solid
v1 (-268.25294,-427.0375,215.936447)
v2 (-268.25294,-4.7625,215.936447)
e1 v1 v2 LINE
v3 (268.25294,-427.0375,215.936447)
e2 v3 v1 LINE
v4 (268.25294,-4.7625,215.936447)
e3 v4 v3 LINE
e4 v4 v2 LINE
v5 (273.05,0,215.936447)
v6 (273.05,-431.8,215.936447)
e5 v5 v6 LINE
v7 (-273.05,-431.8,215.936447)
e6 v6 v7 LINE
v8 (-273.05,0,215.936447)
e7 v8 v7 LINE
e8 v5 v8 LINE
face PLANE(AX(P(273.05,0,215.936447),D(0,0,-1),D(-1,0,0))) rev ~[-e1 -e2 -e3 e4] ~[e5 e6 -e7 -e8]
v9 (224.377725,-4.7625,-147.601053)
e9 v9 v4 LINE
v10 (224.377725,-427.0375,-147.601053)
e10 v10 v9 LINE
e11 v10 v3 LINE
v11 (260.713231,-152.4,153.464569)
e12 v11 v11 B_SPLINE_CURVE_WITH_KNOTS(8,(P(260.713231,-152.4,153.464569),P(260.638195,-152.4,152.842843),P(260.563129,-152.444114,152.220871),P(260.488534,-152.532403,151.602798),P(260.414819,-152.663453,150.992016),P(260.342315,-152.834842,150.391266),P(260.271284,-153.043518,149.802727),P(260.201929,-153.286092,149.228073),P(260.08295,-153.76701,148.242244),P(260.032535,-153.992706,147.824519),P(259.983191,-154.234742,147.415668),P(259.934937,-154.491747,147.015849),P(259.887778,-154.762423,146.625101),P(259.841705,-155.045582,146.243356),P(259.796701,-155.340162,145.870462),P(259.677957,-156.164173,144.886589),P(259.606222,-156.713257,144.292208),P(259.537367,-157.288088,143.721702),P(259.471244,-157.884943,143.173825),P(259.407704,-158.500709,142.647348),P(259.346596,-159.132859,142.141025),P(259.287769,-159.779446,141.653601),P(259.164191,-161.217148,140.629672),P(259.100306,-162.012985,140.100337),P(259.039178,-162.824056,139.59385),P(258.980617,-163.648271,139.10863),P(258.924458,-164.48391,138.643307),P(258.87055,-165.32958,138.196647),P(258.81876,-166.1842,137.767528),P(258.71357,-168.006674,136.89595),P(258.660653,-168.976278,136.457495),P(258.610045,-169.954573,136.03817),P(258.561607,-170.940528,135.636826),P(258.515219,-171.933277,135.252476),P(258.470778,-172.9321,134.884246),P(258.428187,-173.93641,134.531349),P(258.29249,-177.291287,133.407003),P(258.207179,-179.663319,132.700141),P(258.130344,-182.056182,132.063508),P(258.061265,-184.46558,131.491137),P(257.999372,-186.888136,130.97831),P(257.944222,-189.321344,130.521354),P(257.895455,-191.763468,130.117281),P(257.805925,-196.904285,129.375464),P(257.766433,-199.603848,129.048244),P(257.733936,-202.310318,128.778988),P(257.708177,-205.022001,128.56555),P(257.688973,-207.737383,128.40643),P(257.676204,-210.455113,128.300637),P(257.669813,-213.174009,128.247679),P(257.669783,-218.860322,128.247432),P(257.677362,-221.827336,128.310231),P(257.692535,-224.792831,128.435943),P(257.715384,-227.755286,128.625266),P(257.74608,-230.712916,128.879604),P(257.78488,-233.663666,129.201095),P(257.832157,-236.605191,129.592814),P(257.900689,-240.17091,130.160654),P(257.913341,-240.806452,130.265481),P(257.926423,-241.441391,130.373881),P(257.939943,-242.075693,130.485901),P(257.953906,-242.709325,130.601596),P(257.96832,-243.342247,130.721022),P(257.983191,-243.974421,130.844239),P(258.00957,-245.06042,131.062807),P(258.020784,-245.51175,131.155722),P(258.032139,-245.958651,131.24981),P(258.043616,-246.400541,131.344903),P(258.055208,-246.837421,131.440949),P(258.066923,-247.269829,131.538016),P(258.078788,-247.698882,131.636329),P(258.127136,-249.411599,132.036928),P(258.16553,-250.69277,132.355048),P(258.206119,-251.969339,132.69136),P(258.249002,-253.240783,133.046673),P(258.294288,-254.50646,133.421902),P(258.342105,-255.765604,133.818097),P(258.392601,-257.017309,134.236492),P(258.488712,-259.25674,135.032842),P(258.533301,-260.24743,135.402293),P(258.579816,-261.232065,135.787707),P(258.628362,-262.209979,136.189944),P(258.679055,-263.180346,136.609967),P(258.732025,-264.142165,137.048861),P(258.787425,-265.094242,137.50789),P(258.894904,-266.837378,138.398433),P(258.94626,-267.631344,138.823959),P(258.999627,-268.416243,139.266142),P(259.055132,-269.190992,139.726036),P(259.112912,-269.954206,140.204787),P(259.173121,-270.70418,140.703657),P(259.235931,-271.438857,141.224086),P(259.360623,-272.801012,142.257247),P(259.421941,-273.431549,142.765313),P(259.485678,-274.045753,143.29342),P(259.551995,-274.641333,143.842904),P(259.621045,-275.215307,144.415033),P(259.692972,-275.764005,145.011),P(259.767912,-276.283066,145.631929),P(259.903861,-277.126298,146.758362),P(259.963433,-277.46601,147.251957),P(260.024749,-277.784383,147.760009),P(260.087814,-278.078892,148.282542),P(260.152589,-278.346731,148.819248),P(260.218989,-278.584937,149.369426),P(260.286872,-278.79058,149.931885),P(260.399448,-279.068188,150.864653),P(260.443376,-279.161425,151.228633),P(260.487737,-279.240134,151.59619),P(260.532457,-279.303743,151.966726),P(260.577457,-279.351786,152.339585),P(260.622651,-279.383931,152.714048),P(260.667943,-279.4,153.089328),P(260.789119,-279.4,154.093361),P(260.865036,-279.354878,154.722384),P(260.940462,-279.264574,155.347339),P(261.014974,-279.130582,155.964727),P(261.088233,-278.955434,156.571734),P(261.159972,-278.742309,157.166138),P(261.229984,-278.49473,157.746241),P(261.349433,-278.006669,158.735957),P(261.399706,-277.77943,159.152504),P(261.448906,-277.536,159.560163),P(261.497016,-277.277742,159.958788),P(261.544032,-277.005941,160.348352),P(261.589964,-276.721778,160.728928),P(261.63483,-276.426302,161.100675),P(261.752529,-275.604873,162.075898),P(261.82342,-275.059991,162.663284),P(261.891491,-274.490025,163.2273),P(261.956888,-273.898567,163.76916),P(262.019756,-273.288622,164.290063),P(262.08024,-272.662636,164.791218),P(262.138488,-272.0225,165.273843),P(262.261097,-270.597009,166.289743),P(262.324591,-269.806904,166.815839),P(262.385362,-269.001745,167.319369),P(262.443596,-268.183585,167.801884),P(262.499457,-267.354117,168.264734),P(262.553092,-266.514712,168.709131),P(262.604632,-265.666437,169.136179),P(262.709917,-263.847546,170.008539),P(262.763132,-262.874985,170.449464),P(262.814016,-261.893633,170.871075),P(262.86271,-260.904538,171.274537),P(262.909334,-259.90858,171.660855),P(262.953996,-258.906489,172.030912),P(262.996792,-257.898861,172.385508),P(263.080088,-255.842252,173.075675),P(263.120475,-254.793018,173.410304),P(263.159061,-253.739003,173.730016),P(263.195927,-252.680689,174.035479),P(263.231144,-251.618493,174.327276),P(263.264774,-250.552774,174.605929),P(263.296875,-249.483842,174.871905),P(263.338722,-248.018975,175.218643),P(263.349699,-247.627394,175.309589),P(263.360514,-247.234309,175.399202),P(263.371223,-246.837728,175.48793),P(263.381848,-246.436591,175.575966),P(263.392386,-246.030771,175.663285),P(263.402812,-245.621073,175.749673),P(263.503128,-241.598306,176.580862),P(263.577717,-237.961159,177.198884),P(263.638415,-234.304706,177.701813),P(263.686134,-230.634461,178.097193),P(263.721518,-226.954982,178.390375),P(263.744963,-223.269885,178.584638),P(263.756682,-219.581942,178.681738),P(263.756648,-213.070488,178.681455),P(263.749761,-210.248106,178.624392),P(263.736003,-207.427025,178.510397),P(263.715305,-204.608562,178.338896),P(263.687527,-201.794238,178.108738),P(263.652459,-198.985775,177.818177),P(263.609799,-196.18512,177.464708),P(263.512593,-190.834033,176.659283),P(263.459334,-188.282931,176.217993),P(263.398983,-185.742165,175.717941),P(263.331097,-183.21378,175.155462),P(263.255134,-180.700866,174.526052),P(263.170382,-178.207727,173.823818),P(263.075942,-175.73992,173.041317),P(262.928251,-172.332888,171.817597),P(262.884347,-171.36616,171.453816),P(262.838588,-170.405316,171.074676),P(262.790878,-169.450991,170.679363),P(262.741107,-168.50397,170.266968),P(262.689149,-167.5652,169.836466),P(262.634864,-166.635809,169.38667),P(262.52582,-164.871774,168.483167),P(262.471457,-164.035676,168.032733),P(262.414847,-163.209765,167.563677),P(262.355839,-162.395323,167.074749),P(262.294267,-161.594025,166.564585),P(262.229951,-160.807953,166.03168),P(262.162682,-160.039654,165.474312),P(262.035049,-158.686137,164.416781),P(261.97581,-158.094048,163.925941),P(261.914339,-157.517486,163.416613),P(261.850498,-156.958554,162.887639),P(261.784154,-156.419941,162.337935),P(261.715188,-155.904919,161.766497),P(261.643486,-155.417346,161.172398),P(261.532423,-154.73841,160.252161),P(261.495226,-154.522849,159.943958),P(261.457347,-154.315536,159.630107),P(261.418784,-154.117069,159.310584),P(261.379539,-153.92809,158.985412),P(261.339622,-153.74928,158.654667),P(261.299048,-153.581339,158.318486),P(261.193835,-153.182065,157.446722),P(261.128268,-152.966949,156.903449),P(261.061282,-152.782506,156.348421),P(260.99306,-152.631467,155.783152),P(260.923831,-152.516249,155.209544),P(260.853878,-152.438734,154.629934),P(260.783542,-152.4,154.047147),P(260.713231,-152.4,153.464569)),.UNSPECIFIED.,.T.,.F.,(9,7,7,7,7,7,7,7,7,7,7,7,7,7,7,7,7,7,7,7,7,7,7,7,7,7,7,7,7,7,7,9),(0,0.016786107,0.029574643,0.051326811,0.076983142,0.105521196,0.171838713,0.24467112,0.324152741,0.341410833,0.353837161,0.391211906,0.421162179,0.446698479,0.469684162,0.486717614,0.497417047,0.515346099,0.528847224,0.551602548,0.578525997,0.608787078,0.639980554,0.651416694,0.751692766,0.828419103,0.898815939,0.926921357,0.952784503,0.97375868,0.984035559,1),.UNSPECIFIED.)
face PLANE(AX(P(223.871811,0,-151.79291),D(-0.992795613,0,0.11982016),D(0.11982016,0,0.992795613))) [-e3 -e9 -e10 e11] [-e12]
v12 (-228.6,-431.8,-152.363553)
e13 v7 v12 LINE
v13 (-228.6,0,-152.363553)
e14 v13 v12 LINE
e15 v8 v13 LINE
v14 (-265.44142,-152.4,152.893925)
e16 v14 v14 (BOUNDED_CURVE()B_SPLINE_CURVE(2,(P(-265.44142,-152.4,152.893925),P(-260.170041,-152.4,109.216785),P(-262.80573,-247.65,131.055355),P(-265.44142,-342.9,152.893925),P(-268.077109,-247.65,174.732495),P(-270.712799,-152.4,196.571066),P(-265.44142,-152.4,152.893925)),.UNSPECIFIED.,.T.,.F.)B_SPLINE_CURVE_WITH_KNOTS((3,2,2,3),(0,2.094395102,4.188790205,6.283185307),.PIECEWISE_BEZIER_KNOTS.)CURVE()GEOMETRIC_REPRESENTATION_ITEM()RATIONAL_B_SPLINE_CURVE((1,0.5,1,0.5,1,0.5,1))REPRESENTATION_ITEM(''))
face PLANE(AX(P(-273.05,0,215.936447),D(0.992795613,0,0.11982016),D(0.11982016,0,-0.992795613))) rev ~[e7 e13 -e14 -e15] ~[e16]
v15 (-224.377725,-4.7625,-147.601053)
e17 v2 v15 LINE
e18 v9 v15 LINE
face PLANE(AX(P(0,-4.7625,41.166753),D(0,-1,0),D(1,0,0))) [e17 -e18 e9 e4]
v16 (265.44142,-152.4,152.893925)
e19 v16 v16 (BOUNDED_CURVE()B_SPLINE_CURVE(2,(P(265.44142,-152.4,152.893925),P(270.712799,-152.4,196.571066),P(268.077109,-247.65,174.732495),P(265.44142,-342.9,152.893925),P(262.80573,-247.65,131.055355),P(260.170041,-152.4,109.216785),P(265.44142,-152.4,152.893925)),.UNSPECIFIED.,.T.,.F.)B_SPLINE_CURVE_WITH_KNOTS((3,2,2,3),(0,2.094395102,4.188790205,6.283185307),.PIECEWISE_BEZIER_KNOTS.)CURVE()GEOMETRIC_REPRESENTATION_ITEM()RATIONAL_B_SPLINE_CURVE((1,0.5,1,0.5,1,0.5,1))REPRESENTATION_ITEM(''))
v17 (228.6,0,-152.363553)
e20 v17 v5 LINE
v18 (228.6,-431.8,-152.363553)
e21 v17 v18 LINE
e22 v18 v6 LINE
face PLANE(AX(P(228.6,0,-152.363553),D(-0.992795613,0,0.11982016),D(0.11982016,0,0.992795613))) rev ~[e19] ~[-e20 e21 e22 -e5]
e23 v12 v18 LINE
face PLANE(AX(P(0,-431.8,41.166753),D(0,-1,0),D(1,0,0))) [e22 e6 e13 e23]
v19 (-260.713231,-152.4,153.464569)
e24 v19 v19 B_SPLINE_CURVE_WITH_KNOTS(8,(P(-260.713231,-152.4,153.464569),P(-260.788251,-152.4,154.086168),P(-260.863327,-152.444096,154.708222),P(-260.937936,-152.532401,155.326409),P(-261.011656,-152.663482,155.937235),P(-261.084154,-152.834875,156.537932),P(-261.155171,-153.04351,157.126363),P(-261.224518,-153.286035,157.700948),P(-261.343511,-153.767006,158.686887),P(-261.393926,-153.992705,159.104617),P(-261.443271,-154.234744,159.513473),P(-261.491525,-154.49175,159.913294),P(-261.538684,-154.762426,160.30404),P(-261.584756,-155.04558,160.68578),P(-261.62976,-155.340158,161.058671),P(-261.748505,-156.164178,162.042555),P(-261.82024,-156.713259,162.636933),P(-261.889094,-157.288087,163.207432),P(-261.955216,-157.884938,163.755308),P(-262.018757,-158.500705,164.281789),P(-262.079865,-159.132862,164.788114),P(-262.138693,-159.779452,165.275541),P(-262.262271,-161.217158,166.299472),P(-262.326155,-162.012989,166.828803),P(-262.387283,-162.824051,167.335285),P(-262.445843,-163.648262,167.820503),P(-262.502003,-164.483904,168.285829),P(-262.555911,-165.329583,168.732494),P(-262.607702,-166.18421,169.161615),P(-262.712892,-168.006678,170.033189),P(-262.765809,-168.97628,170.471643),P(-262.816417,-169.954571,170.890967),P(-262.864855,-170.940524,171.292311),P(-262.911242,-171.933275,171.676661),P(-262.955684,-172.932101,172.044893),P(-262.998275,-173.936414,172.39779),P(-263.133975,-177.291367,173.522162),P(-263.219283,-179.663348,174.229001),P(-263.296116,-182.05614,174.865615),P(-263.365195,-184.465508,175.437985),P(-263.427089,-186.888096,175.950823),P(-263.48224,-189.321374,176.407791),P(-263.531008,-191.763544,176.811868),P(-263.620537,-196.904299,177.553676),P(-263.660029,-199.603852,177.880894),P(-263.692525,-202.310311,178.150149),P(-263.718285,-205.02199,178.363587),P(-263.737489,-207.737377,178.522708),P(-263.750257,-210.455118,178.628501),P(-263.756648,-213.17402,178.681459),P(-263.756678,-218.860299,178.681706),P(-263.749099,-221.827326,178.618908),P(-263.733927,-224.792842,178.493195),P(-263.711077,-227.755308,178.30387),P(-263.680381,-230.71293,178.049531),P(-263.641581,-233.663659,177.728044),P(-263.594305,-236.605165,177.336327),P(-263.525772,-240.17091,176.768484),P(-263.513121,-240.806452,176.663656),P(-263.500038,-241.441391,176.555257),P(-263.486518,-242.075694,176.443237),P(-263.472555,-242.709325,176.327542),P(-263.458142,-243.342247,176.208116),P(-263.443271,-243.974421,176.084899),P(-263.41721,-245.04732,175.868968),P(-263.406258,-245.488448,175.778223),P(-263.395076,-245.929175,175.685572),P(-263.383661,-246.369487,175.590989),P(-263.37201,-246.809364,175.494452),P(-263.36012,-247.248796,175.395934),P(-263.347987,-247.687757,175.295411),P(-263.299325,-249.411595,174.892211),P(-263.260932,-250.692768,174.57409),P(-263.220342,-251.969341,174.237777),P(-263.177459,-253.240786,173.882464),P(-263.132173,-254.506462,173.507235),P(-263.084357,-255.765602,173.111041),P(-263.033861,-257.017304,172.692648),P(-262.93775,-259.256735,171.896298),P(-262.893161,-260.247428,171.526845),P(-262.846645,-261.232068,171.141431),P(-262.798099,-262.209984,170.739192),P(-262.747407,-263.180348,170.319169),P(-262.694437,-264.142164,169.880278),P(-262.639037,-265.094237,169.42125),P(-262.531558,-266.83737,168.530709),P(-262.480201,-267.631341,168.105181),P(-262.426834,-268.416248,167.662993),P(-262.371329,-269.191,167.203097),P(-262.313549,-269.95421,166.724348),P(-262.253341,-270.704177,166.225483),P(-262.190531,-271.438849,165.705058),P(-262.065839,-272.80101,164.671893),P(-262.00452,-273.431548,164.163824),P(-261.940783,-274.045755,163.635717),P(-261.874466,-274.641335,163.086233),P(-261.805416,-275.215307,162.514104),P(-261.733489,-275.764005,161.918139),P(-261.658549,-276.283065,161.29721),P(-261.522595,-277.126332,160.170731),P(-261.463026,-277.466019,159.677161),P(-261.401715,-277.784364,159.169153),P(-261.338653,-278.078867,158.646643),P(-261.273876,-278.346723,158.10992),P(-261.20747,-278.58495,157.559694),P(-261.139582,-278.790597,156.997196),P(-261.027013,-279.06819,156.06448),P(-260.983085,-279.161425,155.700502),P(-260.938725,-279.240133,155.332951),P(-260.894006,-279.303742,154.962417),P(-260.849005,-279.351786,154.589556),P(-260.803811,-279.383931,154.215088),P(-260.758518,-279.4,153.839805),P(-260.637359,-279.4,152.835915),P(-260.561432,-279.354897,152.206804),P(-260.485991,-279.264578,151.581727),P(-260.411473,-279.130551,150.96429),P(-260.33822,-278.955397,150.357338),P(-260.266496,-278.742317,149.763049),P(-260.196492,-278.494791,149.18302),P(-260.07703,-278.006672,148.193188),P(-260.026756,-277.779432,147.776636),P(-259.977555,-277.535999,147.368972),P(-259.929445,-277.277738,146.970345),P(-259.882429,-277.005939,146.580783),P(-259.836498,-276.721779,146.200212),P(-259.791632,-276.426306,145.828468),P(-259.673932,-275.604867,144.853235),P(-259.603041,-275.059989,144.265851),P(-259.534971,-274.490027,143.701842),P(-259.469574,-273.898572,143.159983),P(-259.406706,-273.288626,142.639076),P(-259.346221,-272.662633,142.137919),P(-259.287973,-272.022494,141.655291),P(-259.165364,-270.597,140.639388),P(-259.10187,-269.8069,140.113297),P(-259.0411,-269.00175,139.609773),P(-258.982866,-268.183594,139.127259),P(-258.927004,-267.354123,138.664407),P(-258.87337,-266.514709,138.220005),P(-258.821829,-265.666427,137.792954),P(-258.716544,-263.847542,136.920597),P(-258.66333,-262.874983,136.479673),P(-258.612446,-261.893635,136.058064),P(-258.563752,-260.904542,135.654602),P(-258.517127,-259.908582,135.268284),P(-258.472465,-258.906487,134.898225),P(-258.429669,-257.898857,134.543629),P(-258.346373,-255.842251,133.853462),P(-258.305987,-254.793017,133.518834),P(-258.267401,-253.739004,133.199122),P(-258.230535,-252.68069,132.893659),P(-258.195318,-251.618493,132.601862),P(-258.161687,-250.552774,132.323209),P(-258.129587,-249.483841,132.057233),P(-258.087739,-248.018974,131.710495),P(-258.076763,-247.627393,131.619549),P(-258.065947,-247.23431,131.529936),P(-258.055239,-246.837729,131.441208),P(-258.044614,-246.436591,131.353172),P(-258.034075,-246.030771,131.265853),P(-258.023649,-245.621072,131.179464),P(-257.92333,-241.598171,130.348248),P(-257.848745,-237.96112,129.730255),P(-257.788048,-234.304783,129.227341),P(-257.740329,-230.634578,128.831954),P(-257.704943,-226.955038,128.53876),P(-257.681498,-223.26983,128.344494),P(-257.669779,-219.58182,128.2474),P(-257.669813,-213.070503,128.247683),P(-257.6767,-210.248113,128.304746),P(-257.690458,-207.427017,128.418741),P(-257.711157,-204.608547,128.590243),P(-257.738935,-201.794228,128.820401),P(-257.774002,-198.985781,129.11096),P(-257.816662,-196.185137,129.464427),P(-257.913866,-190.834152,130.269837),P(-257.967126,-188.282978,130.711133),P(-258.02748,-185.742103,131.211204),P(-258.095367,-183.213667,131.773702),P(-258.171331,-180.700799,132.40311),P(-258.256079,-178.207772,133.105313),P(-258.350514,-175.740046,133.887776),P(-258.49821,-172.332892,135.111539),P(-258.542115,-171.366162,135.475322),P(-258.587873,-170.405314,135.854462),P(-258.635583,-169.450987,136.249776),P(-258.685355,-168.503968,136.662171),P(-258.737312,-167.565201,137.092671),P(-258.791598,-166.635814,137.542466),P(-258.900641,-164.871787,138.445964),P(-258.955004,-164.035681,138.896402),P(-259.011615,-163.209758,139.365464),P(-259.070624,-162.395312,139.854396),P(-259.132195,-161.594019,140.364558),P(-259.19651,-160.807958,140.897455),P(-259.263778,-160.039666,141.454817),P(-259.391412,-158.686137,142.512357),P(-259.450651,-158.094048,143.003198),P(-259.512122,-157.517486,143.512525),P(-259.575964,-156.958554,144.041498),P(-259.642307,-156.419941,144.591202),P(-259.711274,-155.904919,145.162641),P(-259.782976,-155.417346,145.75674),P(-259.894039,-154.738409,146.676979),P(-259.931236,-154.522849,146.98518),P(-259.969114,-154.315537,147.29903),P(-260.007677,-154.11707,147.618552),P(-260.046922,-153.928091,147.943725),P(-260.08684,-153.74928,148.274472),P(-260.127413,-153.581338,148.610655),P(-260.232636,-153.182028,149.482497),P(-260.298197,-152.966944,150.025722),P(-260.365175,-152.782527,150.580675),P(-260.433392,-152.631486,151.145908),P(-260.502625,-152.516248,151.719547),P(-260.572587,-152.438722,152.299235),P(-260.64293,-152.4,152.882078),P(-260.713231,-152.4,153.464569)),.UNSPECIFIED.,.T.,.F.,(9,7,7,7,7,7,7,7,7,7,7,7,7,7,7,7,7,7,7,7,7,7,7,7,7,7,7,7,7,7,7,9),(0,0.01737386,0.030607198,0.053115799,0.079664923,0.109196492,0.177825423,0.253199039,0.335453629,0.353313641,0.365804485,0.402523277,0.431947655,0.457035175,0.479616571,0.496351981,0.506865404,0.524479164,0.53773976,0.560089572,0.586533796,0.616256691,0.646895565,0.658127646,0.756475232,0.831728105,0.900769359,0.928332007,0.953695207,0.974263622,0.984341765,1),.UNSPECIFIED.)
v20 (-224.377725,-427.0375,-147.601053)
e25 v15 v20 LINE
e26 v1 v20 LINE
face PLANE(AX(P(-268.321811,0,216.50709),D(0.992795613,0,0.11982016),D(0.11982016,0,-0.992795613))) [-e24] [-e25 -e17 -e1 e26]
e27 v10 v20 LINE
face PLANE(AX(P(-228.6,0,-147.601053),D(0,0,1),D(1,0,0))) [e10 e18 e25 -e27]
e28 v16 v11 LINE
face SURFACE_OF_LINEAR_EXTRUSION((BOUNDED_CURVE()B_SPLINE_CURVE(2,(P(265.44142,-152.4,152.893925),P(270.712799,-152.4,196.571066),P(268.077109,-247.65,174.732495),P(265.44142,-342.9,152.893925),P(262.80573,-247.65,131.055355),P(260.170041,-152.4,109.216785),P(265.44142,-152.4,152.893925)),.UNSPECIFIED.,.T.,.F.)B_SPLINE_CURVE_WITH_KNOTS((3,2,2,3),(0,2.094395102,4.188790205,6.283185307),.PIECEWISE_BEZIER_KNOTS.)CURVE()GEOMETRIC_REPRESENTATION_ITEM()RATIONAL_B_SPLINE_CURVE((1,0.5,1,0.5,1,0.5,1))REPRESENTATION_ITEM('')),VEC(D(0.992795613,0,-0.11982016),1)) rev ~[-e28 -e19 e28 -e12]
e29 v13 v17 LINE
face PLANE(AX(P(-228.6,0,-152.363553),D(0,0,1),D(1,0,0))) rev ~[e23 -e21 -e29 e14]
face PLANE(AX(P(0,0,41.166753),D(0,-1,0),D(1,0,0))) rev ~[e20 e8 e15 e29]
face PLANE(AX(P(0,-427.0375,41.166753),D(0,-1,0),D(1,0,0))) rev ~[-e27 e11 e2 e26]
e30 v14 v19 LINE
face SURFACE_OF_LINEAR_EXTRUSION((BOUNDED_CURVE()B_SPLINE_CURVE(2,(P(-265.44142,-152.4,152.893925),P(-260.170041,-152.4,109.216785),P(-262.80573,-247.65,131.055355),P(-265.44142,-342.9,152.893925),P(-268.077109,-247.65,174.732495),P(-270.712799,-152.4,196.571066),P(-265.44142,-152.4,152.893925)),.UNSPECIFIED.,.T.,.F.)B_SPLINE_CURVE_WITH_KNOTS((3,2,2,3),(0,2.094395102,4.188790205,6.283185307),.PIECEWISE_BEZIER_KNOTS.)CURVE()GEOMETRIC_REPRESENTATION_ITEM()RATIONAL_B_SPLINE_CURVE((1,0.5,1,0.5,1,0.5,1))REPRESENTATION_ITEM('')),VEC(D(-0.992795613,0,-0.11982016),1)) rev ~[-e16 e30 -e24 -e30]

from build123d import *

# Parameters (mm, degrees)
F1_DEPTH = 431.8
F2_T     = -4.7625
F4_DEPTH = 25.4
F6_DEPTH = 25.4


with BuildPart() as f1:
    # F0 (on Front) → F1 (new body)
    with BuildSketch(Plane.XZ):
        Polygon((273.05, 215.9364468904), (-273.05, 215.9364468904), (-228.6, -152.3635531096), (228.6, -152.3635531096), align=None)
    extrude(amount=F1_DEPTH)

    # F2
    f2_openings = [f1.faces().sort_by_distance(p)[0] for p in [
        (0, -215.9, 215.936447),
    ]]
    offset(amount=F2_T, openings=f2_openings)

    # F3 (on face) → F4 (cut)
    with BuildSketch(Plane(origin=(-243.4427197663, 0, -29.3810179028), x_dir=(0, -1, 0), z_dir=(-0.992795613, 0, -0.1198201602))):
        with BuildLine():
            add(Edge.make_bspline(
                [(152.4, 183.5976519019), (152.4, 139.6035613896), (247.65, 161.6006066457), (342.9, 183.5976519019), (247.65, 205.594697158), (152.4, 227.5917424141), (152.4, 183.5976519019)],
                knots=[0, 0, 0, 2.0943951024, 2.0943951024, 4.1887902048, 4.1887902048, 6.2831853072, 6.2831853072, 6.2831853072], degree=2, weights=[1, 0.5, 1, 0.5, 1, 0.5, 1]))
        make_face()
    extrude(amount=-F4_DEPTH, mode=Mode.SUBTRACT)

    # F5 (on face) → F6 (cut)
    with BuildSketch(Plane(origin=(243.4427197663, 0, -29.3810179028), x_dir=(0, 1, 0), z_dir=(0.992795613, 0, -0.1198201602))):
        with BuildLine():
            add(Edge.make_bspline(
                [(-152.4, 183.5976519019), (-152.4, 227.5917424141), (-247.65, 205.594697158), (-342.9, 183.5976519019), (-247.65, 161.6006066457), (-152.4, 139.6035613896), (-152.4, 183.5976519019)],
                knots=[0, 0, 0, 2.0943951024, 2.0943951024, 4.1887902048, 4.1887902048, 6.2831853072, 6.2831853072, 6.2831853072], degree=2, weights=[1, 0.5, 1, 0.5, 1, 0.5, 1]))
        make_face()
    extrude(amount=-F6_DEPTH, mode=Mode.SUBTRACT)


solid = f1.part
